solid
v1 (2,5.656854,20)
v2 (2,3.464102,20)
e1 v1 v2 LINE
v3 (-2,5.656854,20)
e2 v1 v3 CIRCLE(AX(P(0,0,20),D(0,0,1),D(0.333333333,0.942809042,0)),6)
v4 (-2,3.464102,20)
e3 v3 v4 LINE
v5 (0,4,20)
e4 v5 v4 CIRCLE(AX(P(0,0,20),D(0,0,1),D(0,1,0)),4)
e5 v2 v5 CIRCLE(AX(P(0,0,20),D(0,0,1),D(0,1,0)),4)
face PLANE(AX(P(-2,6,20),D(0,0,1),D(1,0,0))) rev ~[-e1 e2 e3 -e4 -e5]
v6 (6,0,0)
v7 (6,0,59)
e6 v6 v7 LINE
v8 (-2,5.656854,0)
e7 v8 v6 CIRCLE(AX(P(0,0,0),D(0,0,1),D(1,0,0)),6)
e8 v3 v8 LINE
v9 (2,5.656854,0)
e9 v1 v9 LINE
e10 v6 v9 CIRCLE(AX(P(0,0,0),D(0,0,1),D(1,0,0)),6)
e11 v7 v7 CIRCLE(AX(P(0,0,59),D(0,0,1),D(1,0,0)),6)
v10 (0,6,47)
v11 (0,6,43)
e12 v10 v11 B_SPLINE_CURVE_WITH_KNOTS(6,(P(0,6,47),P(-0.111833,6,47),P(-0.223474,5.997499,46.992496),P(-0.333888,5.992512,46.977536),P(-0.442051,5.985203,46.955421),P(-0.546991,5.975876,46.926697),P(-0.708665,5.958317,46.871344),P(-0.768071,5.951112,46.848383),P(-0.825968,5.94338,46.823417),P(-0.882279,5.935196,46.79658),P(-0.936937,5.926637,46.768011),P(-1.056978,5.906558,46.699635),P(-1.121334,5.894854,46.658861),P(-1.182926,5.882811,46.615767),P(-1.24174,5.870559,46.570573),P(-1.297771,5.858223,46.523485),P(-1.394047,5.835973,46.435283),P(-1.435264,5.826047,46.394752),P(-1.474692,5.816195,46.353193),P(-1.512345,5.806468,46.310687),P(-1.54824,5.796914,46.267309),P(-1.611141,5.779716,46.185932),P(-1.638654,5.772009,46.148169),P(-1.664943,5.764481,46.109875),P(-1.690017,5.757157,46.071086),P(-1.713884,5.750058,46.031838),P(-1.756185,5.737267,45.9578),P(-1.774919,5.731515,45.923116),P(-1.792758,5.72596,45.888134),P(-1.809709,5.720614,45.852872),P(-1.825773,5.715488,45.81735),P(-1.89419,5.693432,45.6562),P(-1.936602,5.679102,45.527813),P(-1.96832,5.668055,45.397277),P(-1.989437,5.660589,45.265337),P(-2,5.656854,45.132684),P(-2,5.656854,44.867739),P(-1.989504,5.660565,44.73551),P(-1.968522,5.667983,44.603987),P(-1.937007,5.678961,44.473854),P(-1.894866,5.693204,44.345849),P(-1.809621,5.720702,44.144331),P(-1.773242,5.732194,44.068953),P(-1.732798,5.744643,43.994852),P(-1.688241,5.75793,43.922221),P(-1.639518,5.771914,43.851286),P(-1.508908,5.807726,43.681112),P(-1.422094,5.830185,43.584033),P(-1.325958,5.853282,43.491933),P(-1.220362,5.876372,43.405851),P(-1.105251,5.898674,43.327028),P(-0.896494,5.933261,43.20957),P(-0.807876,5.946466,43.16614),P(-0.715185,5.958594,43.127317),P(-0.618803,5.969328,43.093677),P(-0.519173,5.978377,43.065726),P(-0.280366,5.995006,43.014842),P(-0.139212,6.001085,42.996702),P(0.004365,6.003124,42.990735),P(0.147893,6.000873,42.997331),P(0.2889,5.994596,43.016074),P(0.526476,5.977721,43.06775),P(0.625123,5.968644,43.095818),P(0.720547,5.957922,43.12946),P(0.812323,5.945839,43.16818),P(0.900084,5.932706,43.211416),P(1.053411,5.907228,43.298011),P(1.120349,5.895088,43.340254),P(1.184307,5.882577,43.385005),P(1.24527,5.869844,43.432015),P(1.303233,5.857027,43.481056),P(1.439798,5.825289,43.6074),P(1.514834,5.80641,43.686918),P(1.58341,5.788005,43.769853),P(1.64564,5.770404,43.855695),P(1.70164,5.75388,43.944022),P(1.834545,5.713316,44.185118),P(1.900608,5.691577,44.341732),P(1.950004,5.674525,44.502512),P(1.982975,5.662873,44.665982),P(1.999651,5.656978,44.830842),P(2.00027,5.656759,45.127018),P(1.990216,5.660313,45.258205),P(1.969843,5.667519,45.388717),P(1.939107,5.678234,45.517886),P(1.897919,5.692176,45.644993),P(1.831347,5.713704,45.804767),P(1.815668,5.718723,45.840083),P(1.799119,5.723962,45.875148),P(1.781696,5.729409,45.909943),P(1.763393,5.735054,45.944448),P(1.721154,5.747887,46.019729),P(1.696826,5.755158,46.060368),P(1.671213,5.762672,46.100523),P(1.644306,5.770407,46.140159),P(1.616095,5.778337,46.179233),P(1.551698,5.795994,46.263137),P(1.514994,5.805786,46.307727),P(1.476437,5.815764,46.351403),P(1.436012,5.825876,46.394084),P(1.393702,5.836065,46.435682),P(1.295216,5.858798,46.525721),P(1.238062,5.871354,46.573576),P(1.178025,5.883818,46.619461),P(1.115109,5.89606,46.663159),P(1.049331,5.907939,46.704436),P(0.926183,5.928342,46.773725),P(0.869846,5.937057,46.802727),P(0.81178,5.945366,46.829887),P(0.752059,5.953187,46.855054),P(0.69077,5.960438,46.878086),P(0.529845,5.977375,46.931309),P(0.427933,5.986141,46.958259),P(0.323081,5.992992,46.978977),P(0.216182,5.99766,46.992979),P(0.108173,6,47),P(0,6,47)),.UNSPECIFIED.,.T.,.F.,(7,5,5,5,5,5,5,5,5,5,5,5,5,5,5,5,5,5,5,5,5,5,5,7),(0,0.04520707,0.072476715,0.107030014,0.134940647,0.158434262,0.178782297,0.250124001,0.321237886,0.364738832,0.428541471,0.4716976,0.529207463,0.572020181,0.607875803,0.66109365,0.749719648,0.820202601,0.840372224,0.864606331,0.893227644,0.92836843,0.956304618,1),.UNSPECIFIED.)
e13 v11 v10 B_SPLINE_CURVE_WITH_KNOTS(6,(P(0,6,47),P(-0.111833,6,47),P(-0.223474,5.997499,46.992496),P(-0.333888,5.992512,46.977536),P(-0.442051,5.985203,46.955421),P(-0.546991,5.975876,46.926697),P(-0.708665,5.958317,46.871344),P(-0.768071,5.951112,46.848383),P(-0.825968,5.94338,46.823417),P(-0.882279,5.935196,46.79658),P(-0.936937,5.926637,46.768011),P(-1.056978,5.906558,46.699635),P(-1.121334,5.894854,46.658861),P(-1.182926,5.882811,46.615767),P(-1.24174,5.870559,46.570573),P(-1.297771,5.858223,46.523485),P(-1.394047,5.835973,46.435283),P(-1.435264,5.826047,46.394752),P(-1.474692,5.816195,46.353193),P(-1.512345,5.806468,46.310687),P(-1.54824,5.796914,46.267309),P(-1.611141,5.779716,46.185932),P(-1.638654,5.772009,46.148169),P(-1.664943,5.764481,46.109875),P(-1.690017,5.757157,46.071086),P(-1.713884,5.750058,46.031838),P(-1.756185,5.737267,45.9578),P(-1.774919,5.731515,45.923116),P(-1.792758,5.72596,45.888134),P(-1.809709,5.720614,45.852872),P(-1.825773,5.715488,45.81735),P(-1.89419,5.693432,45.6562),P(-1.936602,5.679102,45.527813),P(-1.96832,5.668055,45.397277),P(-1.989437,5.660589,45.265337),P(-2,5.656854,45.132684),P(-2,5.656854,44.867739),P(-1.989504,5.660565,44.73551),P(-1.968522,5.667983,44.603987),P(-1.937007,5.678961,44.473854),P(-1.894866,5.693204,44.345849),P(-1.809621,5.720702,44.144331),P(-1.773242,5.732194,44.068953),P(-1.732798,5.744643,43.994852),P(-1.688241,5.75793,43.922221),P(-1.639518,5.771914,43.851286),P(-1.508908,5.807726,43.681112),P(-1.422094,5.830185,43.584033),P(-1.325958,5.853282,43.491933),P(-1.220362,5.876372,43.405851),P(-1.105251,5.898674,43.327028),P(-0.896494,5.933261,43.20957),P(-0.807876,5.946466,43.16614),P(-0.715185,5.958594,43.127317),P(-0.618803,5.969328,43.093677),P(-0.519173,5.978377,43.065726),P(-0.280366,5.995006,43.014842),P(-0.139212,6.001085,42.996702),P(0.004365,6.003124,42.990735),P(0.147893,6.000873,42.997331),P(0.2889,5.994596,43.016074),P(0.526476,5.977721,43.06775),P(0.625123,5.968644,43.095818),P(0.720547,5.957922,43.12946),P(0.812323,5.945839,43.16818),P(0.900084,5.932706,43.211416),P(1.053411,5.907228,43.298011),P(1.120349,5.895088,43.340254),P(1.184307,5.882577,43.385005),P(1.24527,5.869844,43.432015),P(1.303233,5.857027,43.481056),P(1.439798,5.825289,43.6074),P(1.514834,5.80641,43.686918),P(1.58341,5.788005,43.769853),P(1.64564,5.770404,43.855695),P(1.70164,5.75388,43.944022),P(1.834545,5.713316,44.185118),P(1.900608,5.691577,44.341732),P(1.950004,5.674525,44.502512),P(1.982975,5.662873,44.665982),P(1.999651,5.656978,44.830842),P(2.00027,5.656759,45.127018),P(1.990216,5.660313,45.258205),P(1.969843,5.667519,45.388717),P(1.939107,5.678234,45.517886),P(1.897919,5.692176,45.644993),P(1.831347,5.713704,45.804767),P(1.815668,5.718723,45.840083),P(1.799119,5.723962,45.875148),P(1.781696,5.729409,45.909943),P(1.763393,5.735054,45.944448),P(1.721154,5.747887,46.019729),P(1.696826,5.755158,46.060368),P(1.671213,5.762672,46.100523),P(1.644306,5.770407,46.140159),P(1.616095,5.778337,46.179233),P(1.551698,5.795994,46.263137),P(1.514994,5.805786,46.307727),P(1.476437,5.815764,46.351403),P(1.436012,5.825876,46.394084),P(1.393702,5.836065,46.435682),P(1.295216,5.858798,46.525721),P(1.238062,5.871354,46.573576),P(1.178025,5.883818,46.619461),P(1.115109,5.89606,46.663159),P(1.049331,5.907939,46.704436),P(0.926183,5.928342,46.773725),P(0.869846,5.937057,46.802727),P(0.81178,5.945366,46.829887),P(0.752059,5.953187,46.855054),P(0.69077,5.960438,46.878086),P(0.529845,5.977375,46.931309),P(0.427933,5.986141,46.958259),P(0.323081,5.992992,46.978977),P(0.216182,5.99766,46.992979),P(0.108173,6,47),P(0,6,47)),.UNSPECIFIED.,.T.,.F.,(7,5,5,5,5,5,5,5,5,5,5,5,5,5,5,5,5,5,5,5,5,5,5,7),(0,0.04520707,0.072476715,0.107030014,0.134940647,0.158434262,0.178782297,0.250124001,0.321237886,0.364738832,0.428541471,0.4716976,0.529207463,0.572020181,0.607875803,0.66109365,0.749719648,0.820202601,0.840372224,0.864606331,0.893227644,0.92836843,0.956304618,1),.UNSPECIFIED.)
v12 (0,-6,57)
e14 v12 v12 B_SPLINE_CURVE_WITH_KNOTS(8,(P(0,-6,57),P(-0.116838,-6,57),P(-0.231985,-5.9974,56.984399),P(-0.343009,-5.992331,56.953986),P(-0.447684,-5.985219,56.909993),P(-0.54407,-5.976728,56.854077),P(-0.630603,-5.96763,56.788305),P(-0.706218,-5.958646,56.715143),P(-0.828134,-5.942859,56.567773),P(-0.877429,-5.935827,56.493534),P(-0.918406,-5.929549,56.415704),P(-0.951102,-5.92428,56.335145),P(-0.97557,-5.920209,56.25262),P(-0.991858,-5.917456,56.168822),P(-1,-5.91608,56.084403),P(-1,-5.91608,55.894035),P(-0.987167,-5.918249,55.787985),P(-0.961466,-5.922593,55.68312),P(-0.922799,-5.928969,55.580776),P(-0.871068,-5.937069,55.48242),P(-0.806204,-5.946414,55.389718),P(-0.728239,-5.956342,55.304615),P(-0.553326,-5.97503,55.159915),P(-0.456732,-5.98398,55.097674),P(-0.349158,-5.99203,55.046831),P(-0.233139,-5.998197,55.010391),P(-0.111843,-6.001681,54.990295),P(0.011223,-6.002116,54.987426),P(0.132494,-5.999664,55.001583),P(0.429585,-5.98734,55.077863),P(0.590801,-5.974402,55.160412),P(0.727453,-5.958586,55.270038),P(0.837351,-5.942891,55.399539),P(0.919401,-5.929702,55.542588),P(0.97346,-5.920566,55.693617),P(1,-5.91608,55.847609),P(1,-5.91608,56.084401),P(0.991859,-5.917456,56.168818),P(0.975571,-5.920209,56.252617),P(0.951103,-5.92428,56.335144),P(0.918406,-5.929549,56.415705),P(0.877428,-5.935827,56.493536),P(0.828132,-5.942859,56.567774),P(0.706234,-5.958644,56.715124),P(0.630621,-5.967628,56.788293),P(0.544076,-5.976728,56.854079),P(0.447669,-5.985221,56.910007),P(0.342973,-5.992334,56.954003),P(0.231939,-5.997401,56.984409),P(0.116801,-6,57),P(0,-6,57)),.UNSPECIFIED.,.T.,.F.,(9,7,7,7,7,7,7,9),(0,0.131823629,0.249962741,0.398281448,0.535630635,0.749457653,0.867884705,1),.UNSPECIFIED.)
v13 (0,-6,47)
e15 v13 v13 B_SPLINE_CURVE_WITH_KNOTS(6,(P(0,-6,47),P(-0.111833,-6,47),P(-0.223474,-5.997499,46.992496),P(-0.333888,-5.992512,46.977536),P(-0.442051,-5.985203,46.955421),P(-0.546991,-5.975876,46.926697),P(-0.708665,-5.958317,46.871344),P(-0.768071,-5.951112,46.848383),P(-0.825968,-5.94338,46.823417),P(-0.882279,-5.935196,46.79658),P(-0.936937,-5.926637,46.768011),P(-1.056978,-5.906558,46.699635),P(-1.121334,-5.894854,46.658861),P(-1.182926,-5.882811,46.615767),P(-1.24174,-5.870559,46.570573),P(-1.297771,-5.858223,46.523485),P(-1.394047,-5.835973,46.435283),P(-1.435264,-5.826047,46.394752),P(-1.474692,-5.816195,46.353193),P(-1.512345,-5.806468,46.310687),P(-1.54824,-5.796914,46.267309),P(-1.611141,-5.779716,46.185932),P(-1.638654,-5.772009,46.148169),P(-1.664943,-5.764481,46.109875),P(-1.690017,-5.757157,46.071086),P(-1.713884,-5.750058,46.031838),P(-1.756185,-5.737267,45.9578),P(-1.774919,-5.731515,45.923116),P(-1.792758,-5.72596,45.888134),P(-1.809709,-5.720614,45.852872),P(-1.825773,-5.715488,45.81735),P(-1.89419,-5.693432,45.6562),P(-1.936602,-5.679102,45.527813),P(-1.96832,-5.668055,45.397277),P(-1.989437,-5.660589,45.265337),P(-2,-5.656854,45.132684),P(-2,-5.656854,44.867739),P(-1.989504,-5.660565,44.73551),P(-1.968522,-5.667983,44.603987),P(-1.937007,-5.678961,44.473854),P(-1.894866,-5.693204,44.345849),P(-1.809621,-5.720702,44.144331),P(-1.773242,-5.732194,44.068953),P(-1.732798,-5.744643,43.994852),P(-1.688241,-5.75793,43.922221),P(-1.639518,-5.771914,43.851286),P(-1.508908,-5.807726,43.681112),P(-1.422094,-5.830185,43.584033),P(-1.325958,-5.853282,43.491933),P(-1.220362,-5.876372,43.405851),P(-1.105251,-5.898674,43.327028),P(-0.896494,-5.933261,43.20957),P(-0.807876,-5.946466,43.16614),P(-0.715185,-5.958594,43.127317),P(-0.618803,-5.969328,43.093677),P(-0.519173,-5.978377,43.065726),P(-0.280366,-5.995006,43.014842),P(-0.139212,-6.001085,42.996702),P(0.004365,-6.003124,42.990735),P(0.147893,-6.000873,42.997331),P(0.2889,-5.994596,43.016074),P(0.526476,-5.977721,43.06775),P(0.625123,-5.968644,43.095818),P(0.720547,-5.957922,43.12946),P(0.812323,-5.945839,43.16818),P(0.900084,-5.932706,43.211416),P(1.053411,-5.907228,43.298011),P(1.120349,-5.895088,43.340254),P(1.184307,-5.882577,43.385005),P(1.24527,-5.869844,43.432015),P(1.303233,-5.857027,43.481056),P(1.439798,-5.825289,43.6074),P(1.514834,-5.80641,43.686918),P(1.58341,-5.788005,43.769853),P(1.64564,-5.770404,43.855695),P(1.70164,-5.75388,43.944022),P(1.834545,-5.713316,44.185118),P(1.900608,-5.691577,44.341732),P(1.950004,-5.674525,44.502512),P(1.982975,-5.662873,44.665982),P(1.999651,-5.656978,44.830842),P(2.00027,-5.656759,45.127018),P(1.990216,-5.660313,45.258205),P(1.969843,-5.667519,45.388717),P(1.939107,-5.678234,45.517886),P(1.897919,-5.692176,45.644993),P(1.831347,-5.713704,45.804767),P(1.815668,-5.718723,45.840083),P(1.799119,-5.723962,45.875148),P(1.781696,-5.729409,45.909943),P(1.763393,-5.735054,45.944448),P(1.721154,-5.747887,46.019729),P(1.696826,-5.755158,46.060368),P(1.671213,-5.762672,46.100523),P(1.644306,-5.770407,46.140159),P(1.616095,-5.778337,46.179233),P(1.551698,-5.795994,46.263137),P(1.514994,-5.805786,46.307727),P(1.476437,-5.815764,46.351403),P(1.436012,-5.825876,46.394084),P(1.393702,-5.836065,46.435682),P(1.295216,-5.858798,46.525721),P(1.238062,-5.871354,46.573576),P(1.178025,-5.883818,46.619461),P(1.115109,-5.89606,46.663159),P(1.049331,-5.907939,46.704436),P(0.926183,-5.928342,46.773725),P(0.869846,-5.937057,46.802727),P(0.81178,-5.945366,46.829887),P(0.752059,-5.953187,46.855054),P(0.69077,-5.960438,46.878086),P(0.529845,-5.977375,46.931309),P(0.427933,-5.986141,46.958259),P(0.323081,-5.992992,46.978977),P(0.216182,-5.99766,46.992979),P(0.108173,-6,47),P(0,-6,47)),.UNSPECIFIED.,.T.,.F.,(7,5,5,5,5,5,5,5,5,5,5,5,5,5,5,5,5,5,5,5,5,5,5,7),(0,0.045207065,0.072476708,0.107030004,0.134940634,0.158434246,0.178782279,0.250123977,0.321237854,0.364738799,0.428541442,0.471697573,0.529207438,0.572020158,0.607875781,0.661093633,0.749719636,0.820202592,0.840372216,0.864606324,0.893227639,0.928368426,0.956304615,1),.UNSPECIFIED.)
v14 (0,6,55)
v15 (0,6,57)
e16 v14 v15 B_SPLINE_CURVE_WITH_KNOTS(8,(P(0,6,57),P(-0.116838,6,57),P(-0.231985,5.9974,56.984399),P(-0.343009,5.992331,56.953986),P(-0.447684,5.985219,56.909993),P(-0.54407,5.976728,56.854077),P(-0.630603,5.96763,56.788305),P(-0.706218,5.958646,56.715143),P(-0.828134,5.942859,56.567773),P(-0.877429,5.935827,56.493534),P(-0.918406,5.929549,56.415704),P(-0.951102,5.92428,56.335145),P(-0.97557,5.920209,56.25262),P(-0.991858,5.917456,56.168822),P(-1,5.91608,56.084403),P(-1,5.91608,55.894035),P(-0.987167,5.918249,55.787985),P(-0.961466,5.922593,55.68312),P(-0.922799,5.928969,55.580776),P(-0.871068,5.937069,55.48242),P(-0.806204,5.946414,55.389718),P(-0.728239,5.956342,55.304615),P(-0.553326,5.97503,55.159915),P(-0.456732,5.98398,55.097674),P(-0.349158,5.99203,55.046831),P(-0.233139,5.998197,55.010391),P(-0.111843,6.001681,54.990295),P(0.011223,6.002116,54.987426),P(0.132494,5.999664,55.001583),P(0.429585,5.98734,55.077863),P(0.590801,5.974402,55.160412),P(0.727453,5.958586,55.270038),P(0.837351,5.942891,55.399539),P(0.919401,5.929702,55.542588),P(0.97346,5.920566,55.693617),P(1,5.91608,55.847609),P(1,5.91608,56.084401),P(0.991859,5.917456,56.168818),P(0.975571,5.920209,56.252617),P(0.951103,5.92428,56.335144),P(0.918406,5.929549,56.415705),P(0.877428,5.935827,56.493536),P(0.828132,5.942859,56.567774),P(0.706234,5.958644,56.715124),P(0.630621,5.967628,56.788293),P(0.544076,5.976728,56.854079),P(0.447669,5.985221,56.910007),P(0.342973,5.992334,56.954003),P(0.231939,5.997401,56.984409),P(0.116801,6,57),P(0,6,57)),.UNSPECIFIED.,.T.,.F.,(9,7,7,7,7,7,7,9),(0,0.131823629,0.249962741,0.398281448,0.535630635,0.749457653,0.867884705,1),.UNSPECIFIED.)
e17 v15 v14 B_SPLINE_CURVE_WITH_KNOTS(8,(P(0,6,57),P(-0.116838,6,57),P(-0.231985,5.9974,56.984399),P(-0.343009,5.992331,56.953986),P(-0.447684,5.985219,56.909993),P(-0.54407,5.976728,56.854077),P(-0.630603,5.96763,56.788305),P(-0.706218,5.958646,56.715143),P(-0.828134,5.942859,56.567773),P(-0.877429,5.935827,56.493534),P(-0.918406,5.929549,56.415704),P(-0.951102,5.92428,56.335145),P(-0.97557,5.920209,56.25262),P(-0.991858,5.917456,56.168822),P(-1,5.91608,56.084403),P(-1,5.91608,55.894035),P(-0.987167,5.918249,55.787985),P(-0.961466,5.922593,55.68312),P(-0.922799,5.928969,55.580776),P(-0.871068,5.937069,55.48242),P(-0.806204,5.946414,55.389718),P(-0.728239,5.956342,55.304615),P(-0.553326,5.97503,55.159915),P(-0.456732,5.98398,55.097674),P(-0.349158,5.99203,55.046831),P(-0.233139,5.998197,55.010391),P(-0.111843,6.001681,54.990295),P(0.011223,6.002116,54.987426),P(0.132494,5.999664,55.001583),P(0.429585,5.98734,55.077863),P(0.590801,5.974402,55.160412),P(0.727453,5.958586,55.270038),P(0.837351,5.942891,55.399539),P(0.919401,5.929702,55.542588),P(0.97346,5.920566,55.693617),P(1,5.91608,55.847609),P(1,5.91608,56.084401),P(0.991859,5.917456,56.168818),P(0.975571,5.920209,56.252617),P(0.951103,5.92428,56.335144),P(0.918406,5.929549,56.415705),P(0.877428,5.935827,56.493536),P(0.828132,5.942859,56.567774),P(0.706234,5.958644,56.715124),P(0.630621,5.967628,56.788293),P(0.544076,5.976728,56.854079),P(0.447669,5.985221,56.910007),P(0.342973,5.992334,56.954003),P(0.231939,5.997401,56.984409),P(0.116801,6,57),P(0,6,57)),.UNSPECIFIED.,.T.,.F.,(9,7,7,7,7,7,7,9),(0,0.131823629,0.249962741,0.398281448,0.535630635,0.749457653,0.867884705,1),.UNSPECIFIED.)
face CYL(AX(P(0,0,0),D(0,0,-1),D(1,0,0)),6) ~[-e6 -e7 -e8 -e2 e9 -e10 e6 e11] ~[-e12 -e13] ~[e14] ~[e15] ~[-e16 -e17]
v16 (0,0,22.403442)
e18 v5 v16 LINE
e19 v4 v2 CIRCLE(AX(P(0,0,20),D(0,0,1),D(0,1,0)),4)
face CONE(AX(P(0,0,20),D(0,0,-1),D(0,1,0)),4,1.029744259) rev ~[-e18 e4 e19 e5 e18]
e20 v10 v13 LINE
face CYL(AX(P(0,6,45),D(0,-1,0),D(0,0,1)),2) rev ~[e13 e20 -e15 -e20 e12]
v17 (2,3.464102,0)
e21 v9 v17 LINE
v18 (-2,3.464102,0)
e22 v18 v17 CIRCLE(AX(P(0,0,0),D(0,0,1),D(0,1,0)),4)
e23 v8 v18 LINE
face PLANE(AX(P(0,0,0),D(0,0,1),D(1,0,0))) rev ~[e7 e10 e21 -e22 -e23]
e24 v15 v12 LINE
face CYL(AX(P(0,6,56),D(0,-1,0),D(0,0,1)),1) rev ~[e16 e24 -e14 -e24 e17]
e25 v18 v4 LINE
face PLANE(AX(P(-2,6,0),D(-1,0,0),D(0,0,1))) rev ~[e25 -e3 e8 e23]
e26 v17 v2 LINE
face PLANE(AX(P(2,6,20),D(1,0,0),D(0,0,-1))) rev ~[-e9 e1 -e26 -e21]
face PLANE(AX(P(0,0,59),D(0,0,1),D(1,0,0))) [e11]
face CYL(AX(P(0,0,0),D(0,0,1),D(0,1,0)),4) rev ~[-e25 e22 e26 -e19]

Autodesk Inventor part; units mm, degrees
ref_plane "YZ Plane" through (0, 0, 0) normal (1, 0, 0) x (0, 1, 0)
ref_plane "XY Plane" through (0, 0, 0) normal (0, 0, 1) x (1, 0, 0)
sketch "スケッチ1" plane through (0, 0, 0) normal (0, 0, 1) x (1, 0, 0)
  circle A0 centre (0, 0) radius 6
  dimension "d0" = 12
extrude "押し出し1" add sketch "スケッチ1" along normal blind 59
ref_plane "作業平面1" through (0, 6, 0) normal (0, 1, 0) x (-1, 0, 0)
sketch "スケッチ2" plane through (0, 6, 0) normal (0, 1, 0) x (-1, 0, 0)
  line L0 (0, 0) -> (2, 0)
  line L1 (2, 0) -> (2, 20)
  line L2 (2, 20) -> (0, 20)
  line L3 (0, 20) -> (0, 0)
  line L4 (6, 0) -> (-6, 0) projected
  line L5 (0, 20) -> (-2, 20)
  line L6 (-2, 20) -> (-2, 0)
  line L7 (-2, 0) -> (0, 0)
  line L8 (0, 0) -> (0, 20)
  dimension "d3" = 2
  dimension "d4" = 20
  dimension "d5" = 2
extrude "押し出し2" cut sketch "スケッチ2" against normal blind 6
sketch "スケッチ3" plane through (0, 0, 0) normal (0, 0, -1) x (-1, 0, 0)
  point P0 (0, 0)
  point P1 (0, 0)
hole "穴1" at (0, 0, 0) direction (0, 0, 1) diameter 8 depth 20 tip angle 118
sketch "スケッチ4" plane through (0, 6, 0) normal (0, 1, 0) x (-1, 0, 0)
  line L0 (2, 20) -> (-2, 20) projected
  point P0 (0, 0)
  point P1 (0, 45)
  dimension "d15" = 25
hole "穴2" at (0, 6, 45) direction (0, -1, 0) diameter 4 end through all
sketch "スケッチ5" plane through (0, 6, 0) normal (0, 1, 0) x (-1, 0, 0)
  line L0 (6, 59) -> (-6, 59) projected
  point P0 (0, 0)
  point P1 (0, 56)
  dimension "d23" = 3
hole "穴3" at (0, 6, 56) direction (0, -1, 0) diameter 2 end through all
properties part number "TH22_Bar_motor_roller_sn" material "アルミニウム 6061-AHC"
